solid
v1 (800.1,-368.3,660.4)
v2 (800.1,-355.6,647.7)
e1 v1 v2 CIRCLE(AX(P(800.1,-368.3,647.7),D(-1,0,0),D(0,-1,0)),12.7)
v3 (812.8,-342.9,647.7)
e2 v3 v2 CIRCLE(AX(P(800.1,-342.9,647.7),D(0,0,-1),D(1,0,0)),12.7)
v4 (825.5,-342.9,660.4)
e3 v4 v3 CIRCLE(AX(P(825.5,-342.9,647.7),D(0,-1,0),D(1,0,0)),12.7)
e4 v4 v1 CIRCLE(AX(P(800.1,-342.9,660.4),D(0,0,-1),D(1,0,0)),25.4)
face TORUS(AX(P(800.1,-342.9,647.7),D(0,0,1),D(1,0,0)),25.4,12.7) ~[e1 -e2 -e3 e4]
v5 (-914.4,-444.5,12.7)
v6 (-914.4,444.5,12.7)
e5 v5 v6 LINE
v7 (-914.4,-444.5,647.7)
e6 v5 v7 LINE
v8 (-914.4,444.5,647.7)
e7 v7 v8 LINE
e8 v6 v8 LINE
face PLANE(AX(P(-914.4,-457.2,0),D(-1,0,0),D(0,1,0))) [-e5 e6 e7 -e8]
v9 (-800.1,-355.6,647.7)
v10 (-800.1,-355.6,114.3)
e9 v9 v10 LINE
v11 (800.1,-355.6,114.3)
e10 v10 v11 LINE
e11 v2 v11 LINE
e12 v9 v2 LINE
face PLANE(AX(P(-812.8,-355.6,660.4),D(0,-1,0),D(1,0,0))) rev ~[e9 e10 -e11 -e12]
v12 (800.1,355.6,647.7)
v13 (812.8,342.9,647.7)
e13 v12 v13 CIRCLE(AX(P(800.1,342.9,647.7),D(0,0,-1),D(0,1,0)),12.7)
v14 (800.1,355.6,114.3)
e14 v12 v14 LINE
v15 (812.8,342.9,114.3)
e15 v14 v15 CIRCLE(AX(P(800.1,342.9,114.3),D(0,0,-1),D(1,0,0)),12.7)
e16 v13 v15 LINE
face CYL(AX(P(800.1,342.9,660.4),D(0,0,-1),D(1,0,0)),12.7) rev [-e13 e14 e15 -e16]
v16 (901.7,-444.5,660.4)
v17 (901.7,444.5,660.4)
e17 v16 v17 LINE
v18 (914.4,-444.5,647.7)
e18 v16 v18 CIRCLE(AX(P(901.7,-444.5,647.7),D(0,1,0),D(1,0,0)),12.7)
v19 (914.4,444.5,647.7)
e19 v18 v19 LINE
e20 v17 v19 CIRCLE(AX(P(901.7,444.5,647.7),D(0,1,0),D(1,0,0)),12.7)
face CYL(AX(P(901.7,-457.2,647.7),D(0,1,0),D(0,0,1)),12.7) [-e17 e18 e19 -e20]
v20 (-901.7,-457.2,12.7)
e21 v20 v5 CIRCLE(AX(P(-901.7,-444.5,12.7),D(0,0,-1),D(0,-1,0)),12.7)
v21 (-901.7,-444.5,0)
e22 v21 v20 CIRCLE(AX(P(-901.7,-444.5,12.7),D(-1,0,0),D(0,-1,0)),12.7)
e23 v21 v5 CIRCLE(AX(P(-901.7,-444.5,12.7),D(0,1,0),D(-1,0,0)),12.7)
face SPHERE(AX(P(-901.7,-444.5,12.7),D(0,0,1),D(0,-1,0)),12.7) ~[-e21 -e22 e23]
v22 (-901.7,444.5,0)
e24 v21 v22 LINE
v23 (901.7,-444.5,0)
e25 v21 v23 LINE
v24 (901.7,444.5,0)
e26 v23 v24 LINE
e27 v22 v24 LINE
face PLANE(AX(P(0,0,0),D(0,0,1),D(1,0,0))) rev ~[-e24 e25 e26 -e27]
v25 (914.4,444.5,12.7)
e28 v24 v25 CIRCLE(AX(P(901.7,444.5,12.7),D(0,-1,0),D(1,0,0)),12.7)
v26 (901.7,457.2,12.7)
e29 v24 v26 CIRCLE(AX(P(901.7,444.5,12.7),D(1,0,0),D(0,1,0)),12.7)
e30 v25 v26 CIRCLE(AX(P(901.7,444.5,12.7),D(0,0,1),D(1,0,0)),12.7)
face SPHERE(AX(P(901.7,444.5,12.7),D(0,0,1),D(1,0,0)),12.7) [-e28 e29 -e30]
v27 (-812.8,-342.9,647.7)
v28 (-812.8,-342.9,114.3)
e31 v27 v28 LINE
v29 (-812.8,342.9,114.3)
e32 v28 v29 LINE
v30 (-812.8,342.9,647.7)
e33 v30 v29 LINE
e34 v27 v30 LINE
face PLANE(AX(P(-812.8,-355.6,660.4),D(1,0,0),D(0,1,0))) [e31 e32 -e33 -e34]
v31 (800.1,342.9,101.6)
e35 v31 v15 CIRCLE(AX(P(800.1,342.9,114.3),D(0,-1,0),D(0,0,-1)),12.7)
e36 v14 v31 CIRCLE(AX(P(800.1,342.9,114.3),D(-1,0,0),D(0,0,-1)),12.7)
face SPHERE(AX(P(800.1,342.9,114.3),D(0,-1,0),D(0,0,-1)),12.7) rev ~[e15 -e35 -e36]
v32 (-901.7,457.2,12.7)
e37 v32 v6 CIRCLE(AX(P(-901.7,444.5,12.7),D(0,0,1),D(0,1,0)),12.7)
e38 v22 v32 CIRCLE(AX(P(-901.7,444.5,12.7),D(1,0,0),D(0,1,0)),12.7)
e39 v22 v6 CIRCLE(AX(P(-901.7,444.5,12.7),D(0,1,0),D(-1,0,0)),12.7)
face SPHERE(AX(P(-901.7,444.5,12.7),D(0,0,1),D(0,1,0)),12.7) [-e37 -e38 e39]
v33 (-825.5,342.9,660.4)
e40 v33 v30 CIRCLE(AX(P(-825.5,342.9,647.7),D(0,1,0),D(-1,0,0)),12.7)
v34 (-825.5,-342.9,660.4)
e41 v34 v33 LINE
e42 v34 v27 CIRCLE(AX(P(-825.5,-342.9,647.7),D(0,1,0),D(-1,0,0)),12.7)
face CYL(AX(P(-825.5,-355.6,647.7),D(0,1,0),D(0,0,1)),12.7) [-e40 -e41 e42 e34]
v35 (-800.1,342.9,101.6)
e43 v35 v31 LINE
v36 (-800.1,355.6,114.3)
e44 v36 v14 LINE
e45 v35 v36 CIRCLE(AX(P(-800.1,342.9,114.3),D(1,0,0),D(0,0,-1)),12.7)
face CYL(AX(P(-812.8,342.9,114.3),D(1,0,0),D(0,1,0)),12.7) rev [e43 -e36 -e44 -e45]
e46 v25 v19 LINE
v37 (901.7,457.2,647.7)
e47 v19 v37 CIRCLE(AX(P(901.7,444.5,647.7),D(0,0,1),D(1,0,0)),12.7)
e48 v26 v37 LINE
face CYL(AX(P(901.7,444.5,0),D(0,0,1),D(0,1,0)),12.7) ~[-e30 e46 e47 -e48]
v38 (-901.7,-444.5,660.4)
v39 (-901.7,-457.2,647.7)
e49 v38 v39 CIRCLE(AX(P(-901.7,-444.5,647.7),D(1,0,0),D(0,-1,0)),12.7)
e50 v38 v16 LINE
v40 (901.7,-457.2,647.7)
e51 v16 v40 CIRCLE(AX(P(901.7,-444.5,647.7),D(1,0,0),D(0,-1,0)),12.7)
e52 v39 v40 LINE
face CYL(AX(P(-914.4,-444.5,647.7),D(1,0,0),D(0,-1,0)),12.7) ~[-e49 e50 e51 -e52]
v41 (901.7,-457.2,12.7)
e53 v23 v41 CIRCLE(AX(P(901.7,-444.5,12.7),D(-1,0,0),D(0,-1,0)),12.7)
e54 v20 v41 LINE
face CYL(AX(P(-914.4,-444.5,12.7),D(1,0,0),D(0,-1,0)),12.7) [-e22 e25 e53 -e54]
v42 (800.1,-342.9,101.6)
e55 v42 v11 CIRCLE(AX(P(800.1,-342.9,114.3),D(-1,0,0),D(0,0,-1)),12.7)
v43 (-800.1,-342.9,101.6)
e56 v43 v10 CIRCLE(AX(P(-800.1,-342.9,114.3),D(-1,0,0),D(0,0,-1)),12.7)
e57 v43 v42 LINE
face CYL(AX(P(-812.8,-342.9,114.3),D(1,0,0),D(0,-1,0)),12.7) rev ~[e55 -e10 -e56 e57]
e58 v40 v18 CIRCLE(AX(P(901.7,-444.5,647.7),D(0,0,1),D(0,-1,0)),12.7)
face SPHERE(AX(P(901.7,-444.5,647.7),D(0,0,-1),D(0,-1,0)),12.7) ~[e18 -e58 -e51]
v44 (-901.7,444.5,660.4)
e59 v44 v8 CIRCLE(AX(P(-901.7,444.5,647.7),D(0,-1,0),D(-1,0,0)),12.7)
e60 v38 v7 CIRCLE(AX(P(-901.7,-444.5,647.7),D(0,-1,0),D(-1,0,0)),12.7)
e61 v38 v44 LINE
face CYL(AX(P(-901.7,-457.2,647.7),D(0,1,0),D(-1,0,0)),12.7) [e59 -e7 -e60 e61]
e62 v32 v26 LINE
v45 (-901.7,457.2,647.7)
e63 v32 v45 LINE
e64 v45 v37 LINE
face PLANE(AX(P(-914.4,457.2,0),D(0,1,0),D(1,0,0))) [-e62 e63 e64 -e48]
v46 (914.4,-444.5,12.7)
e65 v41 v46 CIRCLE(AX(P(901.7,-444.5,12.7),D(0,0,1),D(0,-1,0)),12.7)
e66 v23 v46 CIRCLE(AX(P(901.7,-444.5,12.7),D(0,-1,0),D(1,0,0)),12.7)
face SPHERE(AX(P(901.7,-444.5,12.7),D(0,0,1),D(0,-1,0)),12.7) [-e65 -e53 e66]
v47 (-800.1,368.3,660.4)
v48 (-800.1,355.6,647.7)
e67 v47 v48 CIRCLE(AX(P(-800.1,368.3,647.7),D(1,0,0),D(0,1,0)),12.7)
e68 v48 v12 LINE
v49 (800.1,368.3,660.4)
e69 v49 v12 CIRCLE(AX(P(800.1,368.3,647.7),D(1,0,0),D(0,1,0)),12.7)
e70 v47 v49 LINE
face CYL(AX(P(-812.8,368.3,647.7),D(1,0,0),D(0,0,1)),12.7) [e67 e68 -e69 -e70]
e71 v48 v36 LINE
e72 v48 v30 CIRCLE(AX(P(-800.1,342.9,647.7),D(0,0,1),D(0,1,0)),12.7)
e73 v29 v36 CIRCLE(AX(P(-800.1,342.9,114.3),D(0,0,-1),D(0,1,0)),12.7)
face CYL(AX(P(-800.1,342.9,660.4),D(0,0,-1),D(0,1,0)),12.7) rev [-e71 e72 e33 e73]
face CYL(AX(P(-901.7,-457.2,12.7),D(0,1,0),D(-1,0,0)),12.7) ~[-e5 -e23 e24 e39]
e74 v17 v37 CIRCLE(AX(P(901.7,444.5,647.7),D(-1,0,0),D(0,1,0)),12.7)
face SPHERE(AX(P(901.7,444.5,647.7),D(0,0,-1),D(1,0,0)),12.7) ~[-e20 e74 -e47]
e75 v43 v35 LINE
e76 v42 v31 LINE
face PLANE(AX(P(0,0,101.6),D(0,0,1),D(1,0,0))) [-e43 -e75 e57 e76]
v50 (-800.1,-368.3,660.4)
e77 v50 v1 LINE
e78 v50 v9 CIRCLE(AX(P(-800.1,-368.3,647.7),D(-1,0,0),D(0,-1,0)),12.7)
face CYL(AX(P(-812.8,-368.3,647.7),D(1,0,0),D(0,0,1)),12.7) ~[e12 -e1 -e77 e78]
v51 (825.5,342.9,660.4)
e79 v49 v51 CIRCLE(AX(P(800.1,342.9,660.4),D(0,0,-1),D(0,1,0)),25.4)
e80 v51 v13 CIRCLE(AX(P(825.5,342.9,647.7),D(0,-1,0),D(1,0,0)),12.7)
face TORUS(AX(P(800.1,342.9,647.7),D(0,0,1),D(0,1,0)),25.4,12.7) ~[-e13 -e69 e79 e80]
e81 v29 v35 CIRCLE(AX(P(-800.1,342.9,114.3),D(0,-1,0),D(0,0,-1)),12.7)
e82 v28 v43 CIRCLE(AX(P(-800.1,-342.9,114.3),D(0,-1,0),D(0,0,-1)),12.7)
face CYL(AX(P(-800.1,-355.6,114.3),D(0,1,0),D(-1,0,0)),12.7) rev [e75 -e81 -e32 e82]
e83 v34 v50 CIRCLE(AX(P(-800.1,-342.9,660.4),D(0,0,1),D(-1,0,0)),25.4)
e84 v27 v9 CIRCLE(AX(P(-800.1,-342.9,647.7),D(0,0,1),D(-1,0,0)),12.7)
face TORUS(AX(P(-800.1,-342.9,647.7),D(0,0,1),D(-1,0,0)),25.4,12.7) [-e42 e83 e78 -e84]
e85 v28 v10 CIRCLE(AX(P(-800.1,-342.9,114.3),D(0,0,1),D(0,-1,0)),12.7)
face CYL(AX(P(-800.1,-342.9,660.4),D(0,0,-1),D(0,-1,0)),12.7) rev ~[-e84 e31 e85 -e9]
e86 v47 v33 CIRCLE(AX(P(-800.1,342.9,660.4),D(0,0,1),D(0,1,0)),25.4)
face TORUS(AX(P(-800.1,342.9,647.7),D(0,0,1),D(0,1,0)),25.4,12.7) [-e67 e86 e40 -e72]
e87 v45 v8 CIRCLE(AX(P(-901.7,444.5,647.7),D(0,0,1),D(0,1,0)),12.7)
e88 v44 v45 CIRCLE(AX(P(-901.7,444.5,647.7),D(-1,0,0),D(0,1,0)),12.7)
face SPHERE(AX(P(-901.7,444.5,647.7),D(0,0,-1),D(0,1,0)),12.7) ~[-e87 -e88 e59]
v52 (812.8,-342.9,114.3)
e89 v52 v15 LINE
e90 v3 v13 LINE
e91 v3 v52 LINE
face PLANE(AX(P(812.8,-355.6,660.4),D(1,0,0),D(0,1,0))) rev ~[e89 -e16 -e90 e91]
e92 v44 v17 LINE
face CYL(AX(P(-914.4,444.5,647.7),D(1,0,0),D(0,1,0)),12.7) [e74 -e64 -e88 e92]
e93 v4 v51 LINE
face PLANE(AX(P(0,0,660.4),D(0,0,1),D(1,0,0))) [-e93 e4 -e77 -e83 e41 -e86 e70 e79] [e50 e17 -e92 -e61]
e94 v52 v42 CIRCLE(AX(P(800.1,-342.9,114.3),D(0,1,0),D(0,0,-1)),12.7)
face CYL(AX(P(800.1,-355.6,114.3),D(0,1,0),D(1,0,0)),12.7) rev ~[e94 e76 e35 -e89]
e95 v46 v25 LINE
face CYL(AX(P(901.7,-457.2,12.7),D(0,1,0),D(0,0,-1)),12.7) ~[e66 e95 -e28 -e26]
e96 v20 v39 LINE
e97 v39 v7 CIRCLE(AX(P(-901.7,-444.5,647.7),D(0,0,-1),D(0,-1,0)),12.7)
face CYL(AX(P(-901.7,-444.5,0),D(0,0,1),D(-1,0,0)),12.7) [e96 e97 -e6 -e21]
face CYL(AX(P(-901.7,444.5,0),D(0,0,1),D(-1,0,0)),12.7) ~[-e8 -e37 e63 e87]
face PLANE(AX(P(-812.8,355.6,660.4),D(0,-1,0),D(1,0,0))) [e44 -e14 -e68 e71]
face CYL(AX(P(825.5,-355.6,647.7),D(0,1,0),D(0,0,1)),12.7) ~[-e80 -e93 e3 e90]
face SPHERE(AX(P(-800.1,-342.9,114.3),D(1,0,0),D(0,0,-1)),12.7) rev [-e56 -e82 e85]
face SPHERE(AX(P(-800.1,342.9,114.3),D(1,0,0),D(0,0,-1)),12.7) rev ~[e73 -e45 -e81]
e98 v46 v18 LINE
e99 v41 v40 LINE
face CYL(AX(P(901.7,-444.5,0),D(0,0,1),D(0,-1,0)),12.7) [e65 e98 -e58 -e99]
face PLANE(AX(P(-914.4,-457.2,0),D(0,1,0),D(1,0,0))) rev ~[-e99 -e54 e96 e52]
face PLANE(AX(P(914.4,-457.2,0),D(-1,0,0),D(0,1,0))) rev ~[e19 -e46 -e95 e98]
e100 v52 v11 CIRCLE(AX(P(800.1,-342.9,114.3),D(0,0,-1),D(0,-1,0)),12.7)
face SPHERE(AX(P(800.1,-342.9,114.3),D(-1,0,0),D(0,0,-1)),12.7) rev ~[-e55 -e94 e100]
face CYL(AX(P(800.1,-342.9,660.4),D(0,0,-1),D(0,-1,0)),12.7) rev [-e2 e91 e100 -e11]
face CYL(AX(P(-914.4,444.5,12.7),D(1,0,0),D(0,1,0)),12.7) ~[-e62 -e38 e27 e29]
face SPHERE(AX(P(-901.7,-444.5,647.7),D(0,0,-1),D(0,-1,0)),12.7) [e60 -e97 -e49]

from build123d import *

# Parameters (mm, degrees)
F0_W     = 1828.8
F0_H     = 914.4
F1_DEPTH = 660.4
F2_W     = 1625.6
F2_H     = 711.2
F3_DEPTH = 558.8
F4_R     = 12.7


with BuildPart() as f1:
    # F0 (on Top) → F1 (new body)
    with BuildSketch(Plane.XY):
        Rectangle(F0_W, F0_H)
    extrude(amount=F1_DEPTH)

    # F2 (on face) → F3 (cut)
    with BuildSketch(Plane.XY.offset(660.4)):
        Rectangle(F2_W, F2_H)
    extrude(amount=-F3_DEPTH, mode=Mode.SUBTRACT)

    # F4
    f4_edges = [f1.edges().sort_by_distance(p)[0] for p in [
        (0, -355.6, 101.6),
        (812.8, 0, 101.6),
        (0, 355.6, 101.6),
        (-812.8, 0, 101.6),
        (812.8, 355.6, 381),
        (-812.8, 355.6, 381),
        (0, 355.6, 660.4),
        (-812.8, -355.6, 381),
        (-812.8, 0, 660.4),
        (812.8, -355.6, 381),
        (812.8, 0, 660.4),
        (0, -355.6, 660.4),
        (-914.4, -457.2, 330.2),
        (914.4, -457.2, 330.2),
        (0, -457.2, 0),
        (0, -457.2, 660.4),
        (914.4, 457.2, 330.2),
        (914.4, 0, 0),
        (914.4, 0, 660.4),
        (-914.4, 457.2, 330.2),
        (0, 457.2, 0),
        (0, 457.2, 660.4),
        (-914.4, 0, 0),
        (-914.4, 0, 660.4),
    ]]
    fillet(f4_edges, radius=F4_R)


solid = f1.part
